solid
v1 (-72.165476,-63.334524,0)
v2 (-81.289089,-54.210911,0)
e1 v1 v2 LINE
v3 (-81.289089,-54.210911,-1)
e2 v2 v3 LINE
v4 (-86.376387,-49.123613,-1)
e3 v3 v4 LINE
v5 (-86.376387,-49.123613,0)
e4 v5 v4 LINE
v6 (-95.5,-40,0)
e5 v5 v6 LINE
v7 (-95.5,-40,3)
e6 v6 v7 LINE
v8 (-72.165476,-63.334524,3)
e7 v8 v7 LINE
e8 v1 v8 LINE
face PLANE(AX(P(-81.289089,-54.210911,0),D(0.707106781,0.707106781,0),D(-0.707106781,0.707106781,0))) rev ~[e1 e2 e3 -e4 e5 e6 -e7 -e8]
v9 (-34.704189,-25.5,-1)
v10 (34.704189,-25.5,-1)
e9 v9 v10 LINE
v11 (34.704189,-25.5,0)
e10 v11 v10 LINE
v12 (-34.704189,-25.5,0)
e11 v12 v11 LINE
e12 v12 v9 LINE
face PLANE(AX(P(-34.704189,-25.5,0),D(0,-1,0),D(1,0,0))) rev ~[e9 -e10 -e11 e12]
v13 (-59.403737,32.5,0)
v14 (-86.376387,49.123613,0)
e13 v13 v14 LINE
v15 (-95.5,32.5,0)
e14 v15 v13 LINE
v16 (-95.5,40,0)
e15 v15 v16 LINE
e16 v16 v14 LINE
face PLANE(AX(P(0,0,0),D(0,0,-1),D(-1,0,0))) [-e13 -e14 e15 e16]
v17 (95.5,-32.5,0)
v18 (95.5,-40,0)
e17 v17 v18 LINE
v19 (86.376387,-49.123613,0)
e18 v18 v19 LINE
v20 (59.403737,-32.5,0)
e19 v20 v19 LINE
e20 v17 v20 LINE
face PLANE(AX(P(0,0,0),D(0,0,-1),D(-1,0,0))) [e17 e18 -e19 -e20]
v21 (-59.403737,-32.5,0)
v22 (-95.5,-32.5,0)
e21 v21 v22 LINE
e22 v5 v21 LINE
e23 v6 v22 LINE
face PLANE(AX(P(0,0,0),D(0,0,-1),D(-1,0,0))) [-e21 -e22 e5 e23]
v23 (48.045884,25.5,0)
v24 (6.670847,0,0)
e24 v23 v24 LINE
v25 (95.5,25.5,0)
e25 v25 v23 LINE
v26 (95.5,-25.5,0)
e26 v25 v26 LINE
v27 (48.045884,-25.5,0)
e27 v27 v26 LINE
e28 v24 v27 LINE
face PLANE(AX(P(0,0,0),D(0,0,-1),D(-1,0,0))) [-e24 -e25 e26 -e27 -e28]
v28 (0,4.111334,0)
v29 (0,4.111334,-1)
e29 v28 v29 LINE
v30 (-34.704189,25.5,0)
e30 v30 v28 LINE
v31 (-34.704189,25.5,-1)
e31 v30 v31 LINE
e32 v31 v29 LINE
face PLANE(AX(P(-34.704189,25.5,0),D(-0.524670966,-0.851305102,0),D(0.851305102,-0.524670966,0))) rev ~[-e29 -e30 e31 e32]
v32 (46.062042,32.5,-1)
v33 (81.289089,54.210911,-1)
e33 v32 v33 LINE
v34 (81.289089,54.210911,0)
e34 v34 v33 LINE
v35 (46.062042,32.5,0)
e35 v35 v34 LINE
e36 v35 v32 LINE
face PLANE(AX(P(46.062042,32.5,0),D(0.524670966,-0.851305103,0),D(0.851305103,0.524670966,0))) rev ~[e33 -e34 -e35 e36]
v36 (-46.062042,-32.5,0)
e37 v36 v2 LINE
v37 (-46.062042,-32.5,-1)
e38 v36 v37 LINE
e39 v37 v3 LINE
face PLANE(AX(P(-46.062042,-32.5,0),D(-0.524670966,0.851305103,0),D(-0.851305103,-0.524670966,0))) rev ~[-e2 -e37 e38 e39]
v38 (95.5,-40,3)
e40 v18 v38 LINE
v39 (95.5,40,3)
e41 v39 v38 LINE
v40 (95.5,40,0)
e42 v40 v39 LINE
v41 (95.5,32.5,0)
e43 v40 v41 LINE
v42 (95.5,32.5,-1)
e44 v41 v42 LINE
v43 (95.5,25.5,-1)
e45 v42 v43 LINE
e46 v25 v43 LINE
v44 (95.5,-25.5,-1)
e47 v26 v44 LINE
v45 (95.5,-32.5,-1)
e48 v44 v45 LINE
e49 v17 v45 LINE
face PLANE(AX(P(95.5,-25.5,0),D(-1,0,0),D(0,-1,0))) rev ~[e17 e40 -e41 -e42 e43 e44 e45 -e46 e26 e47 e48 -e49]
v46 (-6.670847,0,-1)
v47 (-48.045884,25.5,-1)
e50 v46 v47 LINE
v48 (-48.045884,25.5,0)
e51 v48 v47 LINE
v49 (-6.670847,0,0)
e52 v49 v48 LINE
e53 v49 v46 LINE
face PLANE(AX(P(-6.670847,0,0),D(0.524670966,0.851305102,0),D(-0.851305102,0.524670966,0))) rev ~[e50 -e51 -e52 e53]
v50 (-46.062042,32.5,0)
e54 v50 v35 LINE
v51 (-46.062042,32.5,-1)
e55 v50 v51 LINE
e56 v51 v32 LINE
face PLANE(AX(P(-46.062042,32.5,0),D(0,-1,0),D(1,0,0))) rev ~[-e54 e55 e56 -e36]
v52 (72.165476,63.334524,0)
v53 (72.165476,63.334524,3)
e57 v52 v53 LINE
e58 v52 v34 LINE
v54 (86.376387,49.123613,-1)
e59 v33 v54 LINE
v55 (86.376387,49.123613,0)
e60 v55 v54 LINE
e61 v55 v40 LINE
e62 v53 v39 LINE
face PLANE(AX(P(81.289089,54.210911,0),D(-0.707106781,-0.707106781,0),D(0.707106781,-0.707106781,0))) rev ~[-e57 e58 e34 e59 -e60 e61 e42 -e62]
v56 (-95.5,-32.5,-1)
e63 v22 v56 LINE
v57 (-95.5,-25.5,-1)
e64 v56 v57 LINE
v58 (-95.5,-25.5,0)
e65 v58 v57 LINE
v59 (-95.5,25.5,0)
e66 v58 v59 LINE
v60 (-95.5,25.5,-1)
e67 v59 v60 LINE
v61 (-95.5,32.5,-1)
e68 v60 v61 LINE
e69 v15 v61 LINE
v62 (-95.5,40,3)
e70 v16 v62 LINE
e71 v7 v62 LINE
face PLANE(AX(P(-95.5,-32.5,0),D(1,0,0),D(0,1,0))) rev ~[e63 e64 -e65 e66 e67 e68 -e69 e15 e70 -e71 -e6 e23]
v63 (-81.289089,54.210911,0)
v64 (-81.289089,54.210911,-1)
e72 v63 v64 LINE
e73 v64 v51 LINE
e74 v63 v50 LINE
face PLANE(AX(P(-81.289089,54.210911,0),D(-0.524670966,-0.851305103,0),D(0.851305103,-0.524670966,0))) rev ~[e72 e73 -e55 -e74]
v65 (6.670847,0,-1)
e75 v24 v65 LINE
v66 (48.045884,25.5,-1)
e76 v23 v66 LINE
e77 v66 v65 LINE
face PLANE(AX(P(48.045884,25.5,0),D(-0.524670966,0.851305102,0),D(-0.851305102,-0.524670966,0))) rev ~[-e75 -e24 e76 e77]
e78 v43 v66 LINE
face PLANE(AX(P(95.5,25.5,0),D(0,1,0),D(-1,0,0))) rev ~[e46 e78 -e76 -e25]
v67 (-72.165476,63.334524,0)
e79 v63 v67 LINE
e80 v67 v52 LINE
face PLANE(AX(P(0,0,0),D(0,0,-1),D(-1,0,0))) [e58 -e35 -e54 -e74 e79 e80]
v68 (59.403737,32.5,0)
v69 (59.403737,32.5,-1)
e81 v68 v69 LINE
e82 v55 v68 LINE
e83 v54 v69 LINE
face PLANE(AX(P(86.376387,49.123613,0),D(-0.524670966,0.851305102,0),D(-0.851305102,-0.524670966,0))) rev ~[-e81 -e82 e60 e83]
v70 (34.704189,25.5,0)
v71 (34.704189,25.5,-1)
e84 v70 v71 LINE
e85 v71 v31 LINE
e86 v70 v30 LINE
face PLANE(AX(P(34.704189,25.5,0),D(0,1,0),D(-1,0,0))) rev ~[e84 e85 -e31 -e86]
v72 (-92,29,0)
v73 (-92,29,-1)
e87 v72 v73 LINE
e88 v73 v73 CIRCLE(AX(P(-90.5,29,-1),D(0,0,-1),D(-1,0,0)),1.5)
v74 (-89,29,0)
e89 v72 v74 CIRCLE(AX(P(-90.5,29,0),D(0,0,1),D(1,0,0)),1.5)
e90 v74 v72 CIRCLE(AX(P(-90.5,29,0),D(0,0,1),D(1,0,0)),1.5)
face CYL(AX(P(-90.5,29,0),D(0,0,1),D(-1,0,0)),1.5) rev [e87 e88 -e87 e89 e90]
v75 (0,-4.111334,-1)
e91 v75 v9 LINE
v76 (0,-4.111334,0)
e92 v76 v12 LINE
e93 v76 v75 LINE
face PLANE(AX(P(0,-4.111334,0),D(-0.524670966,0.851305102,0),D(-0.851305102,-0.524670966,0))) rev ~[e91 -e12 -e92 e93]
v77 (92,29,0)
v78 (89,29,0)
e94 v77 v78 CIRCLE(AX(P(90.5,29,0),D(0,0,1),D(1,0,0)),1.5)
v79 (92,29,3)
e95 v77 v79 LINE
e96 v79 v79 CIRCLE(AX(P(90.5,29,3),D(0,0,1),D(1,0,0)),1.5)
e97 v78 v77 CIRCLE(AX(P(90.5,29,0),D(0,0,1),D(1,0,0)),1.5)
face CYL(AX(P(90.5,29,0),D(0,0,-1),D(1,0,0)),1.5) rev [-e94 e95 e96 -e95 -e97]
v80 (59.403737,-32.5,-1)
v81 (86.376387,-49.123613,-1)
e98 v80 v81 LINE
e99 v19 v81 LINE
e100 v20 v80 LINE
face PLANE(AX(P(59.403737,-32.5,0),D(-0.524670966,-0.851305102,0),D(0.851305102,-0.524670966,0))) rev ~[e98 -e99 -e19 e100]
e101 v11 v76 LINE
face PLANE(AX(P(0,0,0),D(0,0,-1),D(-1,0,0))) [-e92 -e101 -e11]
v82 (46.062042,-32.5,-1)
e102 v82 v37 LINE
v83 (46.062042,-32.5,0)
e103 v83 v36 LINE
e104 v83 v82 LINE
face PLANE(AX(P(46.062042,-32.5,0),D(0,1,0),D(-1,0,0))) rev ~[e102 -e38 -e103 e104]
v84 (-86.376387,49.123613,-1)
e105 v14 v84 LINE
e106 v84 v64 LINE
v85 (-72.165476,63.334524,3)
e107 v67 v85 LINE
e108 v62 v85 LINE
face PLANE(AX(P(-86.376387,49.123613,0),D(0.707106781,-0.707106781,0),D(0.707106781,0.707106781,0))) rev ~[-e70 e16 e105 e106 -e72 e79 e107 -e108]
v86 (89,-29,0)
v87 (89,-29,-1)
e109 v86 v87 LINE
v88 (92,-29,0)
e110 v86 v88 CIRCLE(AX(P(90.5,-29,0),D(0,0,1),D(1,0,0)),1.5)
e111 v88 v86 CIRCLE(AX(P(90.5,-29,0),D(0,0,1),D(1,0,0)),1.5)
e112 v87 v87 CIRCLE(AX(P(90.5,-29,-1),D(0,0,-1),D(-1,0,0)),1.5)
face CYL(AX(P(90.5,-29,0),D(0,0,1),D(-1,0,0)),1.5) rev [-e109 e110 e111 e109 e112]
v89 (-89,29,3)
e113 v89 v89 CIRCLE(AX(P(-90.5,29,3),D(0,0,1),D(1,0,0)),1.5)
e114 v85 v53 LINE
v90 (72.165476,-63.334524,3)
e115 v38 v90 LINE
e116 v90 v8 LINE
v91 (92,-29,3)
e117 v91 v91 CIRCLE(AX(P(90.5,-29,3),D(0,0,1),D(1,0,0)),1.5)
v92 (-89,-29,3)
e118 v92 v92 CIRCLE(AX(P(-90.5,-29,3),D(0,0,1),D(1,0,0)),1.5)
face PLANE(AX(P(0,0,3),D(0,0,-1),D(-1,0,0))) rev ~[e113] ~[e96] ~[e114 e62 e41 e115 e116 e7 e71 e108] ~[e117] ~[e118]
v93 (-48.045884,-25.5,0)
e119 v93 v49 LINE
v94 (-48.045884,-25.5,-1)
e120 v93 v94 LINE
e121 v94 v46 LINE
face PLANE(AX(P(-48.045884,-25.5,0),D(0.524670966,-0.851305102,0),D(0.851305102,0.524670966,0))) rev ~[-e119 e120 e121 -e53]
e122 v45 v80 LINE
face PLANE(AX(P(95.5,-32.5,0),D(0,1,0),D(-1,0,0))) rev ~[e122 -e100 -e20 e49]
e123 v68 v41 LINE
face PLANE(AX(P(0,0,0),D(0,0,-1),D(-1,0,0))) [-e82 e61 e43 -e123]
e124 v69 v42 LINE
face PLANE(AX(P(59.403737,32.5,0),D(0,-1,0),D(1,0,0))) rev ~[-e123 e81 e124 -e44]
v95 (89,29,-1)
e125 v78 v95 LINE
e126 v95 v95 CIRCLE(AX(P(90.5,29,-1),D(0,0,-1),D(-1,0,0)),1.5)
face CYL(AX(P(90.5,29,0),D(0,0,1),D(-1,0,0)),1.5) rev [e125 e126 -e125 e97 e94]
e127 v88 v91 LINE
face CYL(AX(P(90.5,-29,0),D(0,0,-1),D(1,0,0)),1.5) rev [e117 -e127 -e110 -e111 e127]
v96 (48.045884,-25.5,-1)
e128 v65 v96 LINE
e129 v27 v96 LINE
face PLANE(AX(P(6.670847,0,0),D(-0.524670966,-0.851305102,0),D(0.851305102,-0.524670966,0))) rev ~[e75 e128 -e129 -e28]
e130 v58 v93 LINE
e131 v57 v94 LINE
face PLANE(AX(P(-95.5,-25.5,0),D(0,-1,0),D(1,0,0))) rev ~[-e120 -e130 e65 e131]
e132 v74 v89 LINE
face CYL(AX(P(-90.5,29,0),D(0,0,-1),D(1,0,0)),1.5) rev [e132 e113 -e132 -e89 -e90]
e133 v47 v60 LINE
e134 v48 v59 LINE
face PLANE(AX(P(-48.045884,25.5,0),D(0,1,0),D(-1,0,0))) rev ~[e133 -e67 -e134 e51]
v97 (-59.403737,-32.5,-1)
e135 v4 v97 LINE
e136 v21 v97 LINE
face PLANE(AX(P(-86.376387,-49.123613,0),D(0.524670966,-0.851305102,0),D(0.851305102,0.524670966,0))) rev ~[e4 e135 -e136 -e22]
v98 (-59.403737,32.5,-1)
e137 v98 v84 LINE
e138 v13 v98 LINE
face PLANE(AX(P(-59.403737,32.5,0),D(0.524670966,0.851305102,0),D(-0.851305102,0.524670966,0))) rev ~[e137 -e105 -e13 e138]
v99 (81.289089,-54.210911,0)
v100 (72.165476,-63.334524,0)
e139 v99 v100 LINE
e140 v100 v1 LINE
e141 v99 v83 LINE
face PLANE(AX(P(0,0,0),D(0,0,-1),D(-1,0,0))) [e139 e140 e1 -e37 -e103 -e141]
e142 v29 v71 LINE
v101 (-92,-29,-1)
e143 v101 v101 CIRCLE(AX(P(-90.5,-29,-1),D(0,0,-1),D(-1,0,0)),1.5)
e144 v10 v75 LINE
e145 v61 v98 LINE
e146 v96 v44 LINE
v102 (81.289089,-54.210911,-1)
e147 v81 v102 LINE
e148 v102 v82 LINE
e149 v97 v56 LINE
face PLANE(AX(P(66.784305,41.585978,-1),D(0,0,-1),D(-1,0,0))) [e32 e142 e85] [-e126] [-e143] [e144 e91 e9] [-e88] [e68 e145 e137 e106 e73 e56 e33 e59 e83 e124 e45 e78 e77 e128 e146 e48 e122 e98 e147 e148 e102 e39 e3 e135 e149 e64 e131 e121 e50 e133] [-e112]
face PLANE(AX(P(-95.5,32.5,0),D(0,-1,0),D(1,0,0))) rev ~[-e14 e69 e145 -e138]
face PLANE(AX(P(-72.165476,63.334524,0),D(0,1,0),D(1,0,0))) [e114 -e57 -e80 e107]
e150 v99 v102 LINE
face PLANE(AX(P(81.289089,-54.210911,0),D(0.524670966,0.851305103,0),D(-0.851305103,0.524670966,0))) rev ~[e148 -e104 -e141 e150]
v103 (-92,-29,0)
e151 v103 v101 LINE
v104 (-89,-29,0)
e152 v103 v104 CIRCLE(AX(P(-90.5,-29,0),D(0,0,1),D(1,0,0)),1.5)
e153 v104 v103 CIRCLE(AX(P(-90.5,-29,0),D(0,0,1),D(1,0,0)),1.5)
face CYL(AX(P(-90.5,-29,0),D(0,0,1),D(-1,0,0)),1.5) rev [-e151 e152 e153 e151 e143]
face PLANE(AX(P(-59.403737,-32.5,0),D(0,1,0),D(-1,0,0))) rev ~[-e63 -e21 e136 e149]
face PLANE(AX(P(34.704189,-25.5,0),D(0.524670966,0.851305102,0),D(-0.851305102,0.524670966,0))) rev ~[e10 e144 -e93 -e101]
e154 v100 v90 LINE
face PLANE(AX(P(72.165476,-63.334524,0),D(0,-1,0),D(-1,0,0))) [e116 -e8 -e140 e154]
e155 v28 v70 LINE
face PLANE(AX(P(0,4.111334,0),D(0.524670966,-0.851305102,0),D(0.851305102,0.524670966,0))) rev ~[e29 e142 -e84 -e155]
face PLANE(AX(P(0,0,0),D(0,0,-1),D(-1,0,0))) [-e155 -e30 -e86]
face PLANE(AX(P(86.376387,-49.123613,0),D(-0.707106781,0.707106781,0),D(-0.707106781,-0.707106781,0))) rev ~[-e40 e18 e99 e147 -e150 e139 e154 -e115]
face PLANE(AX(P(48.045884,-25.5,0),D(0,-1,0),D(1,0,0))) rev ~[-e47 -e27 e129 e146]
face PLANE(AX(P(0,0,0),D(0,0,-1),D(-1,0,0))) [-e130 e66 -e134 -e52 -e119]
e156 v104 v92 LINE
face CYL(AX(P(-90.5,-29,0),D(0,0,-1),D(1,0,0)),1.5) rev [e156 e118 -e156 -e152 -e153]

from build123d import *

# Parameters (mm, degrees)
SKETCH1_R           = 1.5
BOSS_EXTRUDE1_DEPTH = 3
SKETCH2_R           = 1.5
BOSS_EXTRUDE2_DEPTH = 1


with BuildPart() as part:
    # Sketch1 → Boss-Extrude1 (new body)
    with BuildSketch(Plane.XY):
        Polygon((-95.5, -40), (-95.5, 40), (-72.165476221, 63.334523779), (72.165476221, 63.334523779), (95.5, 40), (95.5, -40), (72.165476221, -63.334523779), (-72.165476221, -63.334523779), align=None)
        with Locations((-90.5, 29)):
            Circle(SKETCH1_R, mode=Mode.SUBTRACT)
        with Locations((-90.5, -29)):
            Circle(SKETCH1_R, mode=Mode.SUBTRACT)
        with Locations((90.5, -29)):
            Circle(SKETCH1_R, mode=Mode.SUBTRACT)
        with Locations((90.5, 29)):
            Circle(SKETCH1_R, mode=Mode.SUBTRACT)
    extrude(amount=BOSS_EXTRUDE1_DEPTH)

    # Sketch2 → Boss-Extrude2 (add)
    with BuildSketch(Plane(origin=(0, 0, 0), x_dir=(-1, 0, 0), z_dir=(0, 0, -1))):
        Polygon((-59.403736545, 32.5), (-46.062041549, 32.5), (-81.28908922, 54.21091078), (-86.376387001, 49.123612999), align=None)
        Polygon((-34.704188524, 25.5), (-46.062041549, 32.5), (-59.403736545, 32.5), (-48.045883519, 25.5), align=None)
        Polygon((-48.045883519, 25.5), (-59.403736545, 32.5), (-95.5, 32.5), (-95.5, 25.5), align=None)
        with Locations((-90.5, 29)):
            Circle(SKETCH2_R, mode=Mode.SUBTRACT)
        Polygon((34.704188524, 25.5), (46.062041549, 32.5), (-46.062041549, 32.5), (-34.704188524, 25.5), align=None)
        Polygon((59.403736545, 32.5), (46.062041549, 32.5), (34.704188524, 25.5), (48.045883519, 25.5), align=None)
        Polygon((86.376387001, 49.123612999), (81.28908922, 54.21091078), (46.062041549, 32.5), (59.403736545, 32.5), align=None)
        Polygon((95.5, 32.5), (59.403736545, 32.5), (48.045883519, 25.5), (95.5, 25.5), align=None)
        with Locations((90.5, 29)):
            Circle(SKETCH2_R, mode=Mode.SUBTRACT)
        Polygon((-6.670847498, 0), (0, 4.111334455), (-34.704188524, 25.5), (-48.045883519, 25.5), align=None)
        Polygon((48.045883519, 25.5), (34.704188524, 25.5), (0, 4.111334455), (6.670847498, 0), align=None)
        Polygon((6.670847498, 0), (0, 4.111334455), (-6.670847498, 0), (0, -4.111334455), align=None)
        Polygon((48.045883519, -25.5), (6.670847498, 0), (0, -4.111334455), (34.704188524, -25.5), align=None)
        Polygon((0, -4.111334455), (-6.670847498, 0), (-48.045883519, -25.5), (-34.704188524, -25.5), align=None)
        Polygon((-34.704188524, -25.5), (-48.045883519, -25.5), (-59.403736545, -32.5), (-46.062041549, -32.5), align=None)
        Polygon((-59.403736545, -32.5), (-48.045883519, -25.5), (-95.5, -25.5), (-95.5, -32.5), align=None)
        with Locations((-90.5, -29)):
            Circle(SKETCH2_R, mode=Mode.SUBTRACT)
        Polygon((34.704188524, -25.5), (-34.704188524, -25.5), (-46.062041549, -32.5), (46.062041549, -32.5), align=None)
        Polygon((59.403736545, -32.5), (48.045883519, -25.5), (34.704188524, -25.5), (46.062041549, -32.5), align=None)
        Polygon((95.5, -25.5), (48.045883519, -25.5), (59.403736545, -32.5), (95.5, -32.5), align=None)
        with Locations((90.5, -29)):
            Circle(SKETCH2_R, mode=Mode.SUBTRACT)
        Polygon((86.376387001, -49.123612999), (59.403736545, -32.5), (46.062041549, -32.5), (81.28908922, -54.21091078), align=None)
        Polygon((-46.062041549, -32.5), (-59.403736545, -32.5), (-86.376387001, -49.123612999), (-81.28908922, -54.21091078), align=None)
    extrude(amount=BOSS_EXTRUDE2_DEPTH)


solid = part.part
